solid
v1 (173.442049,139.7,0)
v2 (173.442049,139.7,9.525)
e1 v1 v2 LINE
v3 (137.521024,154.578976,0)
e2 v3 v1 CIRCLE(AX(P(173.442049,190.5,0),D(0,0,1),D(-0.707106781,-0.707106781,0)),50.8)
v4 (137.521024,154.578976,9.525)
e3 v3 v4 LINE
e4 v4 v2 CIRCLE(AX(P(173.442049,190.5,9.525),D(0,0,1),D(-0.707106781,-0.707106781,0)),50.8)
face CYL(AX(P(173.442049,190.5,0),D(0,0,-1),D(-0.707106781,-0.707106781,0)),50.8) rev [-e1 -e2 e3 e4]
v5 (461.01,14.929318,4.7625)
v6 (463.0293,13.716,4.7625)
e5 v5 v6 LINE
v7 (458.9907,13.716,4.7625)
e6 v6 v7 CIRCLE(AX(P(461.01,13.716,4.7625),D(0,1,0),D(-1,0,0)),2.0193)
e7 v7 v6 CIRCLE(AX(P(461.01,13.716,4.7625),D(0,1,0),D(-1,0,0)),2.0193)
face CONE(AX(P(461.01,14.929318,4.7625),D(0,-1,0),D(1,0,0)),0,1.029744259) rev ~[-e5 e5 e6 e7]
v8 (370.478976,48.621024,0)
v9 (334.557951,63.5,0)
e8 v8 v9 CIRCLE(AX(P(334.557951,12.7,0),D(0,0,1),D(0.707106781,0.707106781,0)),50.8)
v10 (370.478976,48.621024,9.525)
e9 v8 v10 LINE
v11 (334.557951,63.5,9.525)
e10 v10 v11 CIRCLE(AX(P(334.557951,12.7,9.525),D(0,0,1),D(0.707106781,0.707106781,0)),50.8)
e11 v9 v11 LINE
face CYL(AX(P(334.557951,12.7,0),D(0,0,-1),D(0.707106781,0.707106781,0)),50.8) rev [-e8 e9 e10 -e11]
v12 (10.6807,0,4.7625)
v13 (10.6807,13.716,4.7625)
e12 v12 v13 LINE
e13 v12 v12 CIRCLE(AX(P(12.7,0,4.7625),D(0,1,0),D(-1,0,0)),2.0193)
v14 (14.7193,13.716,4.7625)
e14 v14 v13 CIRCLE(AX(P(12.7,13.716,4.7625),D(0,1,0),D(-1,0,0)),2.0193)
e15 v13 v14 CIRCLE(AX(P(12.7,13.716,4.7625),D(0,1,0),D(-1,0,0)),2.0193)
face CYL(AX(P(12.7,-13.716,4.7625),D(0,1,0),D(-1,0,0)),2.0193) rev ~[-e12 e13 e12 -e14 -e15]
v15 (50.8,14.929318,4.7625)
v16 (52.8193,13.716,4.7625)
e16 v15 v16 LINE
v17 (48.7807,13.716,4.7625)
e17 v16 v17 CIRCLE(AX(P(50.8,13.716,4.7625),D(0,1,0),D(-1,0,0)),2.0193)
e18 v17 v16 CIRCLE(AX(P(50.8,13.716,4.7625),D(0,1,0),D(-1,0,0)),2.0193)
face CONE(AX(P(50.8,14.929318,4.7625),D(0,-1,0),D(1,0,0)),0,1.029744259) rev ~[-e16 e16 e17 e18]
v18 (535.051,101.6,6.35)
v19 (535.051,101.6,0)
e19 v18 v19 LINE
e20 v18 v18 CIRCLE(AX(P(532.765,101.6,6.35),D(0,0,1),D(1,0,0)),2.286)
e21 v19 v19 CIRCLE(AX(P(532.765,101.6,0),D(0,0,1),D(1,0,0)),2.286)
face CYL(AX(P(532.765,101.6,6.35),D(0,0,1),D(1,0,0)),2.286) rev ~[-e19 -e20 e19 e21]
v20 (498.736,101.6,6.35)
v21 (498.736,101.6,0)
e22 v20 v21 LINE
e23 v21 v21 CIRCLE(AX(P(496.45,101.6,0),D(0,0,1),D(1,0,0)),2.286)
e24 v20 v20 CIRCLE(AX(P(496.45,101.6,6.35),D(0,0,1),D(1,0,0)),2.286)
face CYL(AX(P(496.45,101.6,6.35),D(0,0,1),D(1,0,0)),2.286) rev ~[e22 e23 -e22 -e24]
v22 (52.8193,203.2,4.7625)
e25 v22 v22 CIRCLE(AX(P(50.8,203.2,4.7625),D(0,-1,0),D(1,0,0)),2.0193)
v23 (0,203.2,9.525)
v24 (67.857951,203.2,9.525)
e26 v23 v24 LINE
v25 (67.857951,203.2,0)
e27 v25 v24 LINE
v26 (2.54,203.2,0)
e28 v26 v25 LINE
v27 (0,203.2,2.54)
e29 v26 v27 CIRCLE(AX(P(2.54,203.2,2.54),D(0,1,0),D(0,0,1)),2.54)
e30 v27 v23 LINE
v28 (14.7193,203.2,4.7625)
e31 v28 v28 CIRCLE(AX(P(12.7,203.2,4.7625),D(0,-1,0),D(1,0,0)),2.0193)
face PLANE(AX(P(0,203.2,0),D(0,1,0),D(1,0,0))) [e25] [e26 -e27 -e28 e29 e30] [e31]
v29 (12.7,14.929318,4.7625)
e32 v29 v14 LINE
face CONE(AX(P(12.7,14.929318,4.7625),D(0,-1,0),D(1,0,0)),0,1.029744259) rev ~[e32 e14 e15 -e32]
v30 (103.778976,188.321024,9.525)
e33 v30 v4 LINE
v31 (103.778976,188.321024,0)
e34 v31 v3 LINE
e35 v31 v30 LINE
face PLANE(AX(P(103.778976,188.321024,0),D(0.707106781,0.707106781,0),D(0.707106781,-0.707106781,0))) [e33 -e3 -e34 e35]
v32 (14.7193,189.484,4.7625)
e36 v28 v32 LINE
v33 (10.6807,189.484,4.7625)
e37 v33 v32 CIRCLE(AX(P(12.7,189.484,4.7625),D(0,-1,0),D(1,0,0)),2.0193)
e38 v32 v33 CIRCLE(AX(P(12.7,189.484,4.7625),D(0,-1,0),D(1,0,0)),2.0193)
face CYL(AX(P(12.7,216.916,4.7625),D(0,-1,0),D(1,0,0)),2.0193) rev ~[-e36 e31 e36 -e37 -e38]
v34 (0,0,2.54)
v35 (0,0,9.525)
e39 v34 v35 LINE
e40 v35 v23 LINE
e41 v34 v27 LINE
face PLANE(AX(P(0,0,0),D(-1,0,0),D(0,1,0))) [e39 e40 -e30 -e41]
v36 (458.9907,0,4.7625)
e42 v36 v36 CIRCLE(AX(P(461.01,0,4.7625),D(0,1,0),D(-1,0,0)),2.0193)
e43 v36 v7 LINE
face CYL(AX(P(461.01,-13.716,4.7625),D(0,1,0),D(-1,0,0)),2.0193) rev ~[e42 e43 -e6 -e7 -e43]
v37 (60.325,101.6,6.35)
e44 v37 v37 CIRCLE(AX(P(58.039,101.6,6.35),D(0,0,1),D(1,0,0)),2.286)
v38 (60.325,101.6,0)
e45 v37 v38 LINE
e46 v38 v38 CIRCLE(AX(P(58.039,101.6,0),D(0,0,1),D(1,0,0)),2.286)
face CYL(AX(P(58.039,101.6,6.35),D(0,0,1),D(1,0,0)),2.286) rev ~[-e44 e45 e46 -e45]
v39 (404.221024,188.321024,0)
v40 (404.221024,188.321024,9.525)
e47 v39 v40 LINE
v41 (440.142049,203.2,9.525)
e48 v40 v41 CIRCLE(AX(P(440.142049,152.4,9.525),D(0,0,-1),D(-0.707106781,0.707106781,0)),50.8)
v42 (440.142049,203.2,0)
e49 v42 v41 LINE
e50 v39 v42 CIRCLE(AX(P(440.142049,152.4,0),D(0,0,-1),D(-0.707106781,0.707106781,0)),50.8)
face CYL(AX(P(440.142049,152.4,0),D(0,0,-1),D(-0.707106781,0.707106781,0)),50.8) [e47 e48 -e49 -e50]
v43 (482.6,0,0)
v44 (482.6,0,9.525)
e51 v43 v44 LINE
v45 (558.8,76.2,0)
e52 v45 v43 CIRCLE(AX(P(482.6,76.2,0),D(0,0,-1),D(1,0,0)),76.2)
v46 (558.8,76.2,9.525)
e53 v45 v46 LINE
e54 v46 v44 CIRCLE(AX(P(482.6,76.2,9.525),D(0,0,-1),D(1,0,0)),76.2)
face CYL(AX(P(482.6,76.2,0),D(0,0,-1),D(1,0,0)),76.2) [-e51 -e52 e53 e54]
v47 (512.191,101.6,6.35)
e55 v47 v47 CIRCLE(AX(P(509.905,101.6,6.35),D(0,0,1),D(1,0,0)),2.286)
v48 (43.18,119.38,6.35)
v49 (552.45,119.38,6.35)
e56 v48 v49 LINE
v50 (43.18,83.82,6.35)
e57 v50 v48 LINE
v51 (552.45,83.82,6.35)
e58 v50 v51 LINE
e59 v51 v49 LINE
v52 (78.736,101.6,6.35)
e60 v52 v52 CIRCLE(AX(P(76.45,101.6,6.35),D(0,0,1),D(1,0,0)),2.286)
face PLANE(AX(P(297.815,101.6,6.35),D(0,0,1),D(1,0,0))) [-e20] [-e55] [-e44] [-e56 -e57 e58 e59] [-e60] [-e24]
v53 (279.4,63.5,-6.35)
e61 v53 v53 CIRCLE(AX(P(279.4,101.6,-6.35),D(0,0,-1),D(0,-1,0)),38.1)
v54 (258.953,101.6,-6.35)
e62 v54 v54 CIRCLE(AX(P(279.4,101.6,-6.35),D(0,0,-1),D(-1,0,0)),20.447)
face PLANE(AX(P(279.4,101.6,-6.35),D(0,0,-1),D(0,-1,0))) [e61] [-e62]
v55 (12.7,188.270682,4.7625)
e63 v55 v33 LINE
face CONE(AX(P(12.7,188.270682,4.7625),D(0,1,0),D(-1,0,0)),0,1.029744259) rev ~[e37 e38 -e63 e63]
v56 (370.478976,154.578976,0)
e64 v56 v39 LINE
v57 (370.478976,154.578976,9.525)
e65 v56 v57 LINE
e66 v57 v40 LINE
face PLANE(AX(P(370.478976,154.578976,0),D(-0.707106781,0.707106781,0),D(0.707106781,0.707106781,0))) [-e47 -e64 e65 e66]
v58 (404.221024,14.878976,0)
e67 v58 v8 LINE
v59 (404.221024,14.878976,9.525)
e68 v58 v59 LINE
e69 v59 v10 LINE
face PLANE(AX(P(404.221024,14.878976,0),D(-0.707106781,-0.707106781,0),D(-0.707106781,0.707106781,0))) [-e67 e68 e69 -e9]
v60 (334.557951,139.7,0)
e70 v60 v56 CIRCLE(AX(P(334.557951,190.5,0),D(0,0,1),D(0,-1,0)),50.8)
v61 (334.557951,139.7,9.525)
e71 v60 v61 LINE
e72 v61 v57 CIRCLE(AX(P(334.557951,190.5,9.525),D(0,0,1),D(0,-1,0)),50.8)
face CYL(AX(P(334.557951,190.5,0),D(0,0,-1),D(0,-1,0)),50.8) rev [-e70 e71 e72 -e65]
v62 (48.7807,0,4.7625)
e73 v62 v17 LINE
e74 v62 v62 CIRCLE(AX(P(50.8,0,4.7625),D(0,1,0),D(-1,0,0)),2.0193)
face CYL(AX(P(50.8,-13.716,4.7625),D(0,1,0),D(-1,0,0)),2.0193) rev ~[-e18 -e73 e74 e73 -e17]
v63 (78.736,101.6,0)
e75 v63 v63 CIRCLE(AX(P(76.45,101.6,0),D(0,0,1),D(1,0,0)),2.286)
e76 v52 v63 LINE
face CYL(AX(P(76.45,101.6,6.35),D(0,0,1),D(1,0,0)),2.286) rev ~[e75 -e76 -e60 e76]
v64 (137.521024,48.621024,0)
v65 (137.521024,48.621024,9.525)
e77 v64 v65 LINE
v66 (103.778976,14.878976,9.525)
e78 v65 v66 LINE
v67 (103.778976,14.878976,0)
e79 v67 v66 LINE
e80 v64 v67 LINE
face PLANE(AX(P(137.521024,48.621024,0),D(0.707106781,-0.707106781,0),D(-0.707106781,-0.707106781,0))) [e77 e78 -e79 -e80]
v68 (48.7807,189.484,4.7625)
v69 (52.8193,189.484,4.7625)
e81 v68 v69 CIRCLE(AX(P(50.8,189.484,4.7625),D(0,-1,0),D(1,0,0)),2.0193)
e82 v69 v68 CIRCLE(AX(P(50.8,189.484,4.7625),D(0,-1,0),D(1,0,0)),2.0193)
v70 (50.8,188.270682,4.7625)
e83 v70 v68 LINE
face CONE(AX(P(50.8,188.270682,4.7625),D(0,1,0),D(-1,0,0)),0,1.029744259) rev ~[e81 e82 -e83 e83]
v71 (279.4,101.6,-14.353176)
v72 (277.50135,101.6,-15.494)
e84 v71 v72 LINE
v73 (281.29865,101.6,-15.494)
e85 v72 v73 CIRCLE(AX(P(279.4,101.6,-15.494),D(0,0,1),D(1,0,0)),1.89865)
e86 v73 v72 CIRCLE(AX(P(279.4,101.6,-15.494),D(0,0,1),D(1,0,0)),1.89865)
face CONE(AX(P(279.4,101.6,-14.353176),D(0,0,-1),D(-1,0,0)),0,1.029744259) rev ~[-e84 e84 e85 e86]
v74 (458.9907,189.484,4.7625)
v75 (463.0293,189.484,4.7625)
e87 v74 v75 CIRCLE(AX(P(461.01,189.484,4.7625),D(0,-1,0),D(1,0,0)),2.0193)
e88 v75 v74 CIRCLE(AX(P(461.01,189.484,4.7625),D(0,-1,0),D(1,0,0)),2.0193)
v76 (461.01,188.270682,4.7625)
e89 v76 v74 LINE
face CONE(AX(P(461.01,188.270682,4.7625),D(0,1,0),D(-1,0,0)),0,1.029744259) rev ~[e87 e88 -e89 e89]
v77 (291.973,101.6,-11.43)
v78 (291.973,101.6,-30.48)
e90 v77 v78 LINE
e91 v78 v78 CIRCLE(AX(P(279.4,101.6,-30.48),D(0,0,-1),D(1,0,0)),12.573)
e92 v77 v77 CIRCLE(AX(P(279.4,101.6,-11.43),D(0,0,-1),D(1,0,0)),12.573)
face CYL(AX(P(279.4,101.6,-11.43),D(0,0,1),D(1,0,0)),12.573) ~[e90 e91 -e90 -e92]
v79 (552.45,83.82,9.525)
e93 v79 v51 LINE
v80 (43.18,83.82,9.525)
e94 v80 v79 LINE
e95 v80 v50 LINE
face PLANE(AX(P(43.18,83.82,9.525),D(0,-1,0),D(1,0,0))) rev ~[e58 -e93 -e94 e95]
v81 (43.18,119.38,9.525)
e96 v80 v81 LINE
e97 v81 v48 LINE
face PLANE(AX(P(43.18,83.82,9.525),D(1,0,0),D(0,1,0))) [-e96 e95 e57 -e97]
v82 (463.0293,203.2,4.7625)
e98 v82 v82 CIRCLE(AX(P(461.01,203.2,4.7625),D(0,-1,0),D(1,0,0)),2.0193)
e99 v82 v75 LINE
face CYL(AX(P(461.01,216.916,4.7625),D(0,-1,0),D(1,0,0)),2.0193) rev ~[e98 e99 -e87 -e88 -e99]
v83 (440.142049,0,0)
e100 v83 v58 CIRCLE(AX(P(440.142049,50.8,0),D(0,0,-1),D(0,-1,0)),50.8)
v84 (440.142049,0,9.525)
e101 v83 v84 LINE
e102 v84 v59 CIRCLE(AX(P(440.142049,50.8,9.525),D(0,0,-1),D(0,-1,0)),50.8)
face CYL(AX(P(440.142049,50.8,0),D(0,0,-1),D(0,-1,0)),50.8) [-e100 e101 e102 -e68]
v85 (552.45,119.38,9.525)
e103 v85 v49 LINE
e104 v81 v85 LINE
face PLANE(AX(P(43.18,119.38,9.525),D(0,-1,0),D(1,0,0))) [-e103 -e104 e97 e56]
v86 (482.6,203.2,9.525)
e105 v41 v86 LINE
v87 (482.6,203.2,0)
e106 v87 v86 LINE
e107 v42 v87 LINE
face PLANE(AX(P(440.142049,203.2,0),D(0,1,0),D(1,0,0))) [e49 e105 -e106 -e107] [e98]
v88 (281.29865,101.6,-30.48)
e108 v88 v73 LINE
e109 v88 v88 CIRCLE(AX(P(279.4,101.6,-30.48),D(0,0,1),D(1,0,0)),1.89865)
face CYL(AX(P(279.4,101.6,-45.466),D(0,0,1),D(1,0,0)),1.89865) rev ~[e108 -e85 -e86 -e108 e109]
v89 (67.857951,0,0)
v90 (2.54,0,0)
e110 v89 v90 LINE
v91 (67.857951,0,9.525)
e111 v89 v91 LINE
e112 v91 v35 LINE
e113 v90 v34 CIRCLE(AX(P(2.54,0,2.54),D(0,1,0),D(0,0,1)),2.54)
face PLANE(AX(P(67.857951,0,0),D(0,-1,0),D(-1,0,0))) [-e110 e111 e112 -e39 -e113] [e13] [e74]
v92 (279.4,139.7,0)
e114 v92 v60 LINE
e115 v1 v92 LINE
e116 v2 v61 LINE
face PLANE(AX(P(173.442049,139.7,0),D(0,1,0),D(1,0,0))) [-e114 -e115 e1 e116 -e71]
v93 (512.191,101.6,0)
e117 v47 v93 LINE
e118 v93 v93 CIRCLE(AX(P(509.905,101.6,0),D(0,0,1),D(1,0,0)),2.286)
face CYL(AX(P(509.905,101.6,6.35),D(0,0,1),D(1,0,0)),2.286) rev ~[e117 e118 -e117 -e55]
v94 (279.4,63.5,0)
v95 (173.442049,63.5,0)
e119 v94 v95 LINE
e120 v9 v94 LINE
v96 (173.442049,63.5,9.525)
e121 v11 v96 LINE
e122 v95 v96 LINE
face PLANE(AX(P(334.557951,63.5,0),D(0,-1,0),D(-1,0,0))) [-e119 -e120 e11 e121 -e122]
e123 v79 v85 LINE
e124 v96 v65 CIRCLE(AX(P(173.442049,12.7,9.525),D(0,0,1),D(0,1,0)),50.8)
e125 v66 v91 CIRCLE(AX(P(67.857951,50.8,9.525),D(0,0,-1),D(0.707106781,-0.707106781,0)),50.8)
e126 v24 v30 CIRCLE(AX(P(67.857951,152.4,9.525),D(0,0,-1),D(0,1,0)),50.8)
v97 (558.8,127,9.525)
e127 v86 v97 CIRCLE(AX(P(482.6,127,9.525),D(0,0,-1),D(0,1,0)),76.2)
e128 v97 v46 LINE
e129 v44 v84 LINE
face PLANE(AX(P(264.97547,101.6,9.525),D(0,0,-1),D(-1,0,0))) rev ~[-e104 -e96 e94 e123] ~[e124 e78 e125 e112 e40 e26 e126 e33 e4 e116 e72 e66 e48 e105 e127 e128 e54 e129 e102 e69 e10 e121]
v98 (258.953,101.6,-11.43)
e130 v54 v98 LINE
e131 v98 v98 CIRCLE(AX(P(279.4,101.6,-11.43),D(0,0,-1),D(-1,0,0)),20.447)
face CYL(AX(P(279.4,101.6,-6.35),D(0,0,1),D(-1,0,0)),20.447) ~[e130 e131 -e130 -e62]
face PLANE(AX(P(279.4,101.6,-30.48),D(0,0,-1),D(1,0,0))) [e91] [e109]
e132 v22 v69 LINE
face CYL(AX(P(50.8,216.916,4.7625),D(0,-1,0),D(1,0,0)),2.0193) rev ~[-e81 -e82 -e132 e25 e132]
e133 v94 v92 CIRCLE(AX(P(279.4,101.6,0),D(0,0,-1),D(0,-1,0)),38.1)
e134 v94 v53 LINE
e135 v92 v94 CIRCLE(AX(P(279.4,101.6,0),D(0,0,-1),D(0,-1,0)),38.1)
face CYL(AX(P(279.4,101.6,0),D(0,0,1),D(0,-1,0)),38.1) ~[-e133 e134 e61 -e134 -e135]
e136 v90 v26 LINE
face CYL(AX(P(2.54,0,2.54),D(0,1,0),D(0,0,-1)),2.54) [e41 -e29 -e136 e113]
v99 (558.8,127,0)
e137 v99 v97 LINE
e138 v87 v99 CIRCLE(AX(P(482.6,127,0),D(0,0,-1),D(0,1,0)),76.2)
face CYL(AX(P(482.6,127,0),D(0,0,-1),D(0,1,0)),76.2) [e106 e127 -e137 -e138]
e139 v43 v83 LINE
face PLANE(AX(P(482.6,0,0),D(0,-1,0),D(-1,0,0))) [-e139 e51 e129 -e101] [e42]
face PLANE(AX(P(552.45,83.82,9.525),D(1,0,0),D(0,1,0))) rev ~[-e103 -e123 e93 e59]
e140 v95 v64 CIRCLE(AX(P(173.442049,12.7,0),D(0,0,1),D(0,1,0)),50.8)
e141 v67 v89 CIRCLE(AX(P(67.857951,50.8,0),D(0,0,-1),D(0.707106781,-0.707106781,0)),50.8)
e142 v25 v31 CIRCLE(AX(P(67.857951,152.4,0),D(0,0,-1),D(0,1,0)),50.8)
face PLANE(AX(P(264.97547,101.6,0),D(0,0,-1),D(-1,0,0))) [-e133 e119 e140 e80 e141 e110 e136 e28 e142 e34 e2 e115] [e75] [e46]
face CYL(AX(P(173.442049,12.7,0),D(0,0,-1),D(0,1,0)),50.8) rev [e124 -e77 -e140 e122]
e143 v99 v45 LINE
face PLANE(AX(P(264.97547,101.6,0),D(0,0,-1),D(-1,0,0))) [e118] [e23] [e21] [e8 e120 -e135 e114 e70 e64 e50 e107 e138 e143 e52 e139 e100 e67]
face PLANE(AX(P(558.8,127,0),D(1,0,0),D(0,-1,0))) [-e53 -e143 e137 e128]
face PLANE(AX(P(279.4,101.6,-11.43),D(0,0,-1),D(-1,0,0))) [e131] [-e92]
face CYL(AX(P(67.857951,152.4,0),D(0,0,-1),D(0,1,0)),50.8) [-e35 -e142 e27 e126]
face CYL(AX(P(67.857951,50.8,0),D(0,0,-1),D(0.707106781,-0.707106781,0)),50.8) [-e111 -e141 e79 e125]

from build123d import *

# Parameters (mm, degrees)
BOSS_EXTRUDE1_DEPTH        = 9.525
SKETCH2_W                  = 509.27
SKETCH2_H                  = 35.56
CUT_EXTRUDE1_DEPTH         = 3.175
SKETCH3_R                  = 2.286
CUT_EXTRUDE2_DEPTH         = 595.632661817
F_10_32_TAPPED_HOLE1_D     = 4.0386
F_10_32_TAPPED_HOLE1_DEPTH = 13.716
F_10_32_TAPPED_HOLE1_TIP   = 1.213317848
F_10_32_TAPPED_HOLE2_D     = 4.0386
F_10_32_TAPPED_HOLE2_DEPTH = 13.716
F_10_32_TAPPED_HOLE2_TIP   = 1.213317848
SKETCH8_R                  = 38.1
BOSS_EXTRUDE2_DEPTH        = 6.35
SKETCH9_R                  = 20.447
BOSS_EXTRUDE3_DEPTH        = 5.08
SKETCH10_R                 = 12.573
BOSS_EXTRUDE4_DEPTH        = 19.05
F_10_24_TAPPED_HOLE1_D     = 3.7973
F_10_24_TAPPED_HOLE1_DEPTH = 14.986
F_10_24_TAPPED_HOLE1_TIP   = 1.140824014
FILLET2_R                  = 2.54


with BuildPart() as part:
    # Sketch1 → Boss-Extrude1 (new body)
    with BuildSketch(Plane.XY):
        with BuildLine():
            Line((103.778975516, 188.321024484), (137.521024484, 154.578975516))
            ThreePointArc((137.521024484, 154.578975516), (154.001730604, 143.566919748), (173.442048969, 139.7))
            Line((173.442048969, 139.7), (334.557951031, 139.7))
            ThreePointArc((334.557951031, 139.7), (353.998269396, 143.566919748), (370.478975516, 154.578975516))
            Line((370.478975516, 154.578975516), (404.221024484, 188.321024484))
            ThreePointArc((404.221024484, 188.321024484), (420.701730604, 199.333080252), (440.142048969, 203.2))
            Line((440.142048969, 203.2), (482.6, 203.2))
            ThreePointArc((482.6, 203.2), (536.481536726, 180.881536726), (558.8, 127))
            Line((558.8, 127), (558.8, 76.2))
            ThreePointArc((558.8, 76.2), (536.481536726, 22.318463274), (482.6, 0))
            Line((482.6, 0), (440.142048969, 0))
            ThreePointArc((440.142048969, 0), (420.701730604, 3.866919748), (404.221024484, 14.878975516))
            Line((404.221024484, 14.878975516), (370.478975516, 48.621024484))
            ThreePointArc((370.478975516, 48.621024484), (353.998269396, 59.633080252), (334.557951031, 63.5))
            Line((334.557951031, 63.5), (173.442048969, 63.5))
            ThreePointArc((173.442048969, 63.5), (154.001730604, 59.633080252), (137.521024484, 48.621024484))
            Line((137.521024484, 48.621024484), (103.778975516, 14.878975516))
            ThreePointArc((103.778975516, 14.878975516), (87.298269396, 3.866919748), (67.857951031, 0))
            Line((67.857951031, 0), (0, 0))
            Line((0, 0), (0, 203.2))
            Line((0, 203.2), (67.857951031, 203.2))
            ThreePointArc((67.857951031, 203.2), (87.298269396, 199.333080252), (103.778975516, 188.321024484))
        make_face()
    extrude(amount=BOSS_EXTRUDE1_DEPTH)

    # Sketch2 → Cut-Extrude1 (cut)
    with BuildSketch(Plane.XY.offset(9.525)):
        with Locations((297.815, 101.6)):
            Rectangle(SKETCH2_W, SKETCH2_H)
    extrude(amount=-CUT_EXTRUDE1_DEPTH, mode=Mode.SUBTRACT)

    # Sketch3 → Cut-Extrude2 (cut, through all)
    with BuildSketch(Plane.XY.offset(6.35)):
        with Locations((532.765, 101.6)):
            Circle(SKETCH3_R)
        with Locations((58.039, 101.6)):
            Circle(SKETCH3_R)
        with Locations((509.905, 101.6)):
            Circle(SKETCH3_R)
        with Locations((496.45, 101.6)):
            Circle(SKETCH3_R)
        with Locations((76.44999999, 101.6)):
            Circle(SKETCH3_R)
    extrude(amount=-CUT_EXTRUDE2_DEPTH, mode=Mode.SUBTRACT)

    # #10-32 Tapped Hole1
    with Locations(Plane(origin=(0, 203.2, 0), x_dir=(-1, 0, 0), z_dir=(0, 1, 0))):
        with Locations((-12.7, 4.7625), (-50.8, 4.7625), (-461.01, 4.7625)):
            Hole(F_10_32_TAPPED_HOLE1_D / 2, depth=F_10_32_TAPPED_HOLE1_DEPTH)
            with Locations((0, 0, -(F_10_32_TAPPED_HOLE1_DEPTH + F_10_32_TAPPED_HOLE1_TIP / 2))):  # 118° drill point
                Cone(0, F_10_32_TAPPED_HOLE1_D / 2, F_10_32_TAPPED_HOLE1_TIP, mode=Mode.SUBTRACT)

    # #10-32 Tapped Hole2
    with Locations(Plane.XZ):
        with Locations((12.7, 4.7625), (50.8, 4.7625), (461.01, 4.7625)):
            Hole(F_10_32_TAPPED_HOLE2_D / 2, depth=F_10_32_TAPPED_HOLE2_DEPTH)
            with Locations((0, 0, -(F_10_32_TAPPED_HOLE2_DEPTH + F_10_32_TAPPED_HOLE2_TIP / 2))):  # 118° drill point
                Cone(0, F_10_32_TAPPED_HOLE2_D / 2, F_10_32_TAPPED_HOLE2_TIP, mode=Mode.SUBTRACT)

    # Sketch8 → Boss-Extrude2 (add)
    with BuildSketch(Plane(origin=(0, 0, 0), x_dir=(-1, 0, 0), z_dir=(0, 0, -1))):
        with Locations(Location((-279.4, 101.6, 0), (0, 0, 270))):
            Circle(SKETCH8_R)
    extrude(amount=BOSS_EXTRUDE2_DEPTH)

    # Sketch9 → Boss-Extrude3 (add)
    with BuildSketch(Plane(origin=(0, 0, -6.35), x_dir=(-1, 0, 0), z_dir=(0, 0, -1))):
        with Locations((-279.4, 101.6)):
            Circle(SKETCH9_R)
    extrude(amount=BOSS_EXTRUDE3_DEPTH)

    # Sketch10 → Boss-Extrude4 (add)
    with BuildSketch(Plane(origin=(0, 0, -11.43), x_dir=(-1, 0, 0), z_dir=(0, 0, -1))):
        with Locations(Location((-279.4, 101.6, 0), (0, 0, 180))):
            Circle(SKETCH10_R)
    extrude(amount=BOSS_EXTRUDE4_DEPTH)

    # #10-24 Tapped Hole1
    with Locations(Plane(origin=(0, 0, -30.48), x_dir=(-1, 0, 0), z_dir=(0, 0, -1))):
        with Locations((-279.4, 101.6)):
            Hole(F_10_24_TAPPED_HOLE1_D / 2, depth=F_10_24_TAPPED_HOLE1_DEPTH)
            with Locations((0, 0, -(F_10_24_TAPPED_HOLE1_DEPTH + F_10_24_TAPPED_HOLE1_TIP / 2))):  # 118° drill point
                Cone(0, F_10_24_TAPPED_HOLE1_D / 2, F_10_24_TAPPED_HOLE1_TIP, mode=Mode.SUBTRACT)

    # Fillet2
    fillet2_edges = [part.edges().sort_by_distance(p)[0] for p in [
        (0, 101.6, 0),
    ]]
    fillet(fillet2_edges, radius=FILLET2_R)


solid = part.part
